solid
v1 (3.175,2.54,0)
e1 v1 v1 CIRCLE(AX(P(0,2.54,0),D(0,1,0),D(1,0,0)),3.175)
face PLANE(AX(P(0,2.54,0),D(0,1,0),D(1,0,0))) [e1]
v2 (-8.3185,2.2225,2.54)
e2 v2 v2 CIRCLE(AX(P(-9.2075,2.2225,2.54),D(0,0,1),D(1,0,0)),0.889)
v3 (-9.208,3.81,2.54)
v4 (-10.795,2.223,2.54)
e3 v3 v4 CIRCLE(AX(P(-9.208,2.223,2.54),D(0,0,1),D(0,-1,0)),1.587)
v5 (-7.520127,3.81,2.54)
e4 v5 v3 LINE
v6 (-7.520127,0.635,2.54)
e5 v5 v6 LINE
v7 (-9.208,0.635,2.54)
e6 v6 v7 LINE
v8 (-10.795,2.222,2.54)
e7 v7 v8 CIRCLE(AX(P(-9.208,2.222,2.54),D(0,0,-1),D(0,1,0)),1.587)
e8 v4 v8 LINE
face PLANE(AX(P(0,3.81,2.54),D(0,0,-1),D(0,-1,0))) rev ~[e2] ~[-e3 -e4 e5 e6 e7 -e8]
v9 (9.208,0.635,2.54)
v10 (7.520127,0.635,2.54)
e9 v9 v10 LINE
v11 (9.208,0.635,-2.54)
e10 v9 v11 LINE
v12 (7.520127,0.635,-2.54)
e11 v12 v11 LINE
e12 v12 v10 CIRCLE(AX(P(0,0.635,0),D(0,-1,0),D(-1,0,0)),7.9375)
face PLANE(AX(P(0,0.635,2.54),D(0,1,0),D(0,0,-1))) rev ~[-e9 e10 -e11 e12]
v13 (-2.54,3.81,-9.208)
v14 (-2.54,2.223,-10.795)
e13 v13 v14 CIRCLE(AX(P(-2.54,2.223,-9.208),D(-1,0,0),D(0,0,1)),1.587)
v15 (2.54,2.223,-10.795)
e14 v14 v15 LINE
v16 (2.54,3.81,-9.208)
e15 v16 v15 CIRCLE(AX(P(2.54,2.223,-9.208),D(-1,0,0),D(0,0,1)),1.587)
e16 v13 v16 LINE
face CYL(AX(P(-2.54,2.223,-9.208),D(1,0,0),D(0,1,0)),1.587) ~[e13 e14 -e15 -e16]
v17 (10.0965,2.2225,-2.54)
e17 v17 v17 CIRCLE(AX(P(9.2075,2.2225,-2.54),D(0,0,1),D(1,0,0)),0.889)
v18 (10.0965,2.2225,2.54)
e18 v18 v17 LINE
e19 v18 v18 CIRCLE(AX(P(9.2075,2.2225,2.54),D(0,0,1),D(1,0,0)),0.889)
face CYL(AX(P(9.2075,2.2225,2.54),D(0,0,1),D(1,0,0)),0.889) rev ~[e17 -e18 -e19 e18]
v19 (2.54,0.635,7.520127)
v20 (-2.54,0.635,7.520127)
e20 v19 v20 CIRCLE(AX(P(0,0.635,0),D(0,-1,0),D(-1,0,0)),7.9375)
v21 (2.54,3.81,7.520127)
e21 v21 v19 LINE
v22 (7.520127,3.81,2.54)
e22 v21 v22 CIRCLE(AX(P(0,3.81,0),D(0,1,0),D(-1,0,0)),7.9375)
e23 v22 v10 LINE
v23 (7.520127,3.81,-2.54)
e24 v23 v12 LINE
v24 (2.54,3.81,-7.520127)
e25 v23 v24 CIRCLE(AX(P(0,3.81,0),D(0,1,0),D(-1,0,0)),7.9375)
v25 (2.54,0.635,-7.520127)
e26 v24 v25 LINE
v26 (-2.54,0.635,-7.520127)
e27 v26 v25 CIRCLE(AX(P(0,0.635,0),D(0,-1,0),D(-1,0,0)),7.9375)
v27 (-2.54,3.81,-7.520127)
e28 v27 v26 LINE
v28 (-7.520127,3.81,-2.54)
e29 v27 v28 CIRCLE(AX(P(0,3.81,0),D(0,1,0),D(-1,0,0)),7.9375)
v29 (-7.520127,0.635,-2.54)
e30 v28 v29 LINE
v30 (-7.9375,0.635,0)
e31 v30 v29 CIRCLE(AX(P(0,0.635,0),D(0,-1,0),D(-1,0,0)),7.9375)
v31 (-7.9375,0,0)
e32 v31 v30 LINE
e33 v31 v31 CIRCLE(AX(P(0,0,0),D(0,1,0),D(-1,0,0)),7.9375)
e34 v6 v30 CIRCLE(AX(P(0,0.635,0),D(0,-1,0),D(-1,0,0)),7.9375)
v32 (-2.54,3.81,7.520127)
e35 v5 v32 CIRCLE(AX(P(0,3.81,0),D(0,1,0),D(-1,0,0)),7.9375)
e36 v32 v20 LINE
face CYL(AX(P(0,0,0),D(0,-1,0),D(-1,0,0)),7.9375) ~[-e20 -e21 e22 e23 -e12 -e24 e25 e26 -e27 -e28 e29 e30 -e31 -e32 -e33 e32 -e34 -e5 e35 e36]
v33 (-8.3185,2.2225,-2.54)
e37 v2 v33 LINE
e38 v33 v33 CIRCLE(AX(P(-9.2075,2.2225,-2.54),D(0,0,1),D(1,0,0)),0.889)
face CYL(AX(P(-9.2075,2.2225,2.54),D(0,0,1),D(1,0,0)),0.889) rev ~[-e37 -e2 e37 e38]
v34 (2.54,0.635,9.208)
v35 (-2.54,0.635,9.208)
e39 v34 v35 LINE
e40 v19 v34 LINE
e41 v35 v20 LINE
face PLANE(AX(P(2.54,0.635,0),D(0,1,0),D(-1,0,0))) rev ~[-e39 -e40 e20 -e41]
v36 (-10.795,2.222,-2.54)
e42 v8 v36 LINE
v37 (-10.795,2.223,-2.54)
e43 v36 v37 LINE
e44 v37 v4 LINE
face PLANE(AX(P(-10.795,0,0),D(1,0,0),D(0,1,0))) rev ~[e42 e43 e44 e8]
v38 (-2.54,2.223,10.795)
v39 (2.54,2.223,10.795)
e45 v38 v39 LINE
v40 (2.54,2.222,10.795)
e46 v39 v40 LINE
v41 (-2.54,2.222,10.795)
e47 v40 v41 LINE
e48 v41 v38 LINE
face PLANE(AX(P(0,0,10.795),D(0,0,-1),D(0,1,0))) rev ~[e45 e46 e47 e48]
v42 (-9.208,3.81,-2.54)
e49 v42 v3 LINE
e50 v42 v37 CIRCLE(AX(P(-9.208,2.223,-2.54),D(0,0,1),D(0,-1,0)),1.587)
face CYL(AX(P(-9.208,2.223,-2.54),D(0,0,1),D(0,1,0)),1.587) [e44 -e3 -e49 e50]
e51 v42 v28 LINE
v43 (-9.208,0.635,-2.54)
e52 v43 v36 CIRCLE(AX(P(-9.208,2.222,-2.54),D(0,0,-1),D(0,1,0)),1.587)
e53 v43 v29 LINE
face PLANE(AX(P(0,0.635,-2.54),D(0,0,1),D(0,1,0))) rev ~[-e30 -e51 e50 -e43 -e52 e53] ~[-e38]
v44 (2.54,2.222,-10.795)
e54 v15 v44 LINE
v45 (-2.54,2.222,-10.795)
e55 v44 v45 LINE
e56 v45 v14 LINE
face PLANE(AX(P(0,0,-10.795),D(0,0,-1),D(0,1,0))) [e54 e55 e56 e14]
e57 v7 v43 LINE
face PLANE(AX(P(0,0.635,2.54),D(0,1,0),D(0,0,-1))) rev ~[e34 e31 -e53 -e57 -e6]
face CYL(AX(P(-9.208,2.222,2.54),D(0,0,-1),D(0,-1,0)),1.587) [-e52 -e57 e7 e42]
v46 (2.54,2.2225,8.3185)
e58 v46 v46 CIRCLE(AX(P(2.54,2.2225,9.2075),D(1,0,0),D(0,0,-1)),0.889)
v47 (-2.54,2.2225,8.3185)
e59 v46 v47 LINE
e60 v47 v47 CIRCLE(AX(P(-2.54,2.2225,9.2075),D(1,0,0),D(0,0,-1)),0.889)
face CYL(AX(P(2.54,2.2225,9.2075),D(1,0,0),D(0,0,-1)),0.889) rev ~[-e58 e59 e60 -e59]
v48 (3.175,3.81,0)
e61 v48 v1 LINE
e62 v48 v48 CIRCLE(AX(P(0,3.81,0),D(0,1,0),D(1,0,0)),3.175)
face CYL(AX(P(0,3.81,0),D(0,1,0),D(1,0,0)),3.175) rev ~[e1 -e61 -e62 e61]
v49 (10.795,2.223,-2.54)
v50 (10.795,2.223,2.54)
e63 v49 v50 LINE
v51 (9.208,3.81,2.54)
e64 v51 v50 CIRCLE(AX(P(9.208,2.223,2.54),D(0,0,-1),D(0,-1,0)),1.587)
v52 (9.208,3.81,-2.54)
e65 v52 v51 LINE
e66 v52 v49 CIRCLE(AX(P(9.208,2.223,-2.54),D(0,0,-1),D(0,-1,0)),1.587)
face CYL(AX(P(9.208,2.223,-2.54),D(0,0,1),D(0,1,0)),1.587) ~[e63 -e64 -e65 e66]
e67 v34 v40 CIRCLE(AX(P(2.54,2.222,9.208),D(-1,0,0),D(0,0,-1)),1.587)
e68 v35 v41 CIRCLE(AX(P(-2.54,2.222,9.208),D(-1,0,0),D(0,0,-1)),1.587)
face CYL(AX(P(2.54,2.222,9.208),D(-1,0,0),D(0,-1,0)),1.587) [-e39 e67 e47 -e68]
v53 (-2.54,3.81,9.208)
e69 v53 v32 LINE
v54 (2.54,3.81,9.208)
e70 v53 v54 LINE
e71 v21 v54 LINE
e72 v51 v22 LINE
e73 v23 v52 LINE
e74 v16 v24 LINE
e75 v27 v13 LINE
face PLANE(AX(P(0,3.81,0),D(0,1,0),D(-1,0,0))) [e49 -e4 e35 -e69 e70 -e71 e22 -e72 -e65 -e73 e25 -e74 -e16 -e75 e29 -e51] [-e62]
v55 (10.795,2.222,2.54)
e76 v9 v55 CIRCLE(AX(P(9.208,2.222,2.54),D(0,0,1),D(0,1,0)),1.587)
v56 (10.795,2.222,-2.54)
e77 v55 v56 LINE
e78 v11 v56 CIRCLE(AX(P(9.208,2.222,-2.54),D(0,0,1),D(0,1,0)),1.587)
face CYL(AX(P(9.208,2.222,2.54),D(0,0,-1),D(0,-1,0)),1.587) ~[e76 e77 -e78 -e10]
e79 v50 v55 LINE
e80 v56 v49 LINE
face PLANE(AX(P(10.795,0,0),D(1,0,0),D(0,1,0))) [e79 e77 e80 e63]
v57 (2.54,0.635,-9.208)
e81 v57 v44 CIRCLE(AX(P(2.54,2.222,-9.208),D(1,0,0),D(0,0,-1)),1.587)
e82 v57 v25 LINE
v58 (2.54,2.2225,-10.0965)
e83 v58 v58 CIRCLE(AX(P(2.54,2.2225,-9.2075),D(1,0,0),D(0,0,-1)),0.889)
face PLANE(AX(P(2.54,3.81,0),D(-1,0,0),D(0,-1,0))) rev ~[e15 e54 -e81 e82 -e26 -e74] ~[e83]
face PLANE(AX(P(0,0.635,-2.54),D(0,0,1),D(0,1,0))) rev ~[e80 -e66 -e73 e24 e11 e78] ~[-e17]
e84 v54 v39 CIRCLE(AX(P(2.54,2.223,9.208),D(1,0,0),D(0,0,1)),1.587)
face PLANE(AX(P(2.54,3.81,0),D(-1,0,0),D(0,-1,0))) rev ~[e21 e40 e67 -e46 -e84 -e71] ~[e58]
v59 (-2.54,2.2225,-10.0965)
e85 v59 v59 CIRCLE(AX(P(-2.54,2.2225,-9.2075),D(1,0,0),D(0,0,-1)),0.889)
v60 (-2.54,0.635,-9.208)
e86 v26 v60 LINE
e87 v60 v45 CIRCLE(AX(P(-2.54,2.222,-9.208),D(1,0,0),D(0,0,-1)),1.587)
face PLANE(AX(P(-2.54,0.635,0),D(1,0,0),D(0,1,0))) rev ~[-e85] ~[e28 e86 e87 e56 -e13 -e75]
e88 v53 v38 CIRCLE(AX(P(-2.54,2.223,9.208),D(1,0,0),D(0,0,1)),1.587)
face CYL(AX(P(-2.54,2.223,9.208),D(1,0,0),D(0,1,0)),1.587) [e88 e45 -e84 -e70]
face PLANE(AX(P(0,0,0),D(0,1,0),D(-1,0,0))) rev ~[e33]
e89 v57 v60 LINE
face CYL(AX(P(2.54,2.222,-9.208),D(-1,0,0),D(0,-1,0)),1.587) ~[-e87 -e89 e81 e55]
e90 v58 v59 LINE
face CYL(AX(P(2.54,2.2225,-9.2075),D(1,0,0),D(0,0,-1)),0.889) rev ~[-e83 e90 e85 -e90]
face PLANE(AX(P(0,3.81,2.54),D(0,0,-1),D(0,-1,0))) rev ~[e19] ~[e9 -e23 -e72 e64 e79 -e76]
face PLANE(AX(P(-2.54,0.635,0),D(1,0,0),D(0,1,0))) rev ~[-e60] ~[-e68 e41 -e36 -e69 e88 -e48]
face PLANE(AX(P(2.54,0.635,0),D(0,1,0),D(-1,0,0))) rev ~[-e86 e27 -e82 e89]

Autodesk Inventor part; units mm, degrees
ref_plane "YZ Plane" through (0, 0, 0) normal (1, 0, 0) x (0, 1, 0)
ref_plane "XZ Plane" through (0, 0, 0) normal (0, 1, 0) x (-1, 0, 0)
ref_plane "XY Plane" through (0, 0, 0) normal (0, 0, 1) x (1, 0, 0)
sketch "Sketch1" plane through (0, 0, 0) normal (0, 1, 0) x (-1, 0, 0)
  circle A0 centre (0, 0) radius 7.9375
  dimension "d0" = 15.875
extrude "Extrusion1" add sketch "Sketch1" along normal blind 3.81
sketch "Sketch2" plane through (0, 3.81, 0) normal (0, 1, 0) x (1, 0, 0)
  circle A0 centre (0, 0) radius 3.175
  dimension "d3" = 6.35
sketch "Sketch3" plane through (0, 0, 0) normal (1, 0, 0) x (0, 1, 0)
  line L0 (0.635, -2.54) -> (3.81, -2.54)
  line L1 (3.81, -2.54) -> (3.81, 2.54)
  line L2 (3.81, 2.54) -> (0.635, 2.54)
  line L3 (3.81, -7.9375) -> (3.81, 7.9375) projected
  line L4 (0.635, 2.54) -> (0.635, -2.54)
  point P0 (0, 0)
  dimension "d9" = 3.175
  dimension "d20" = 3.175
extrude "Extrusion3" add sketch "Sketch3" along normal mid plane 21.59
fillet "Fillet1" radius 1.5875 4 edges at (10.795, 3.81, 0) (-10.795, 3.81, 0) (10.795, 0.635, 0) (-10.795, 0.635, 0)
sketch "Sketch6" plane through (-7.5201, 0.635, 2.54) normal (0, 0, 1) x (1, 0, 0)
  arc A0 (-1.6874, 3.175) -> (-1.6874, 0) centre (-1.6874, 1.5875) ccw projected
  circle A1 centre (-1.6874, 1.5875) radius 0.889
  arc A2 (16.7276, 0) -> (16.7276, 3.175) centre (16.7276, 1.5875) ccw projected
  circle A3 centre (16.7276, 1.5875) radius 0.889
  point P0 (7.5201, -0.635)
  dimension "d25" = 1.778
  dimension "d26" = 1.778
extrude "Extrusion7" cut sketch "Sketch6" against normal through all
pattern_circular "Circular Pattern3" count 2 over 90 about axis through (0, 0, 0) along (0, 1, 0) of "Extrusion3", "Fillet1", "Extrusion7"
extrude "Extrusion8" cut sketch "Sketch2" against normal blind 1.27
properties part number "scrambler_vertical_cap"
